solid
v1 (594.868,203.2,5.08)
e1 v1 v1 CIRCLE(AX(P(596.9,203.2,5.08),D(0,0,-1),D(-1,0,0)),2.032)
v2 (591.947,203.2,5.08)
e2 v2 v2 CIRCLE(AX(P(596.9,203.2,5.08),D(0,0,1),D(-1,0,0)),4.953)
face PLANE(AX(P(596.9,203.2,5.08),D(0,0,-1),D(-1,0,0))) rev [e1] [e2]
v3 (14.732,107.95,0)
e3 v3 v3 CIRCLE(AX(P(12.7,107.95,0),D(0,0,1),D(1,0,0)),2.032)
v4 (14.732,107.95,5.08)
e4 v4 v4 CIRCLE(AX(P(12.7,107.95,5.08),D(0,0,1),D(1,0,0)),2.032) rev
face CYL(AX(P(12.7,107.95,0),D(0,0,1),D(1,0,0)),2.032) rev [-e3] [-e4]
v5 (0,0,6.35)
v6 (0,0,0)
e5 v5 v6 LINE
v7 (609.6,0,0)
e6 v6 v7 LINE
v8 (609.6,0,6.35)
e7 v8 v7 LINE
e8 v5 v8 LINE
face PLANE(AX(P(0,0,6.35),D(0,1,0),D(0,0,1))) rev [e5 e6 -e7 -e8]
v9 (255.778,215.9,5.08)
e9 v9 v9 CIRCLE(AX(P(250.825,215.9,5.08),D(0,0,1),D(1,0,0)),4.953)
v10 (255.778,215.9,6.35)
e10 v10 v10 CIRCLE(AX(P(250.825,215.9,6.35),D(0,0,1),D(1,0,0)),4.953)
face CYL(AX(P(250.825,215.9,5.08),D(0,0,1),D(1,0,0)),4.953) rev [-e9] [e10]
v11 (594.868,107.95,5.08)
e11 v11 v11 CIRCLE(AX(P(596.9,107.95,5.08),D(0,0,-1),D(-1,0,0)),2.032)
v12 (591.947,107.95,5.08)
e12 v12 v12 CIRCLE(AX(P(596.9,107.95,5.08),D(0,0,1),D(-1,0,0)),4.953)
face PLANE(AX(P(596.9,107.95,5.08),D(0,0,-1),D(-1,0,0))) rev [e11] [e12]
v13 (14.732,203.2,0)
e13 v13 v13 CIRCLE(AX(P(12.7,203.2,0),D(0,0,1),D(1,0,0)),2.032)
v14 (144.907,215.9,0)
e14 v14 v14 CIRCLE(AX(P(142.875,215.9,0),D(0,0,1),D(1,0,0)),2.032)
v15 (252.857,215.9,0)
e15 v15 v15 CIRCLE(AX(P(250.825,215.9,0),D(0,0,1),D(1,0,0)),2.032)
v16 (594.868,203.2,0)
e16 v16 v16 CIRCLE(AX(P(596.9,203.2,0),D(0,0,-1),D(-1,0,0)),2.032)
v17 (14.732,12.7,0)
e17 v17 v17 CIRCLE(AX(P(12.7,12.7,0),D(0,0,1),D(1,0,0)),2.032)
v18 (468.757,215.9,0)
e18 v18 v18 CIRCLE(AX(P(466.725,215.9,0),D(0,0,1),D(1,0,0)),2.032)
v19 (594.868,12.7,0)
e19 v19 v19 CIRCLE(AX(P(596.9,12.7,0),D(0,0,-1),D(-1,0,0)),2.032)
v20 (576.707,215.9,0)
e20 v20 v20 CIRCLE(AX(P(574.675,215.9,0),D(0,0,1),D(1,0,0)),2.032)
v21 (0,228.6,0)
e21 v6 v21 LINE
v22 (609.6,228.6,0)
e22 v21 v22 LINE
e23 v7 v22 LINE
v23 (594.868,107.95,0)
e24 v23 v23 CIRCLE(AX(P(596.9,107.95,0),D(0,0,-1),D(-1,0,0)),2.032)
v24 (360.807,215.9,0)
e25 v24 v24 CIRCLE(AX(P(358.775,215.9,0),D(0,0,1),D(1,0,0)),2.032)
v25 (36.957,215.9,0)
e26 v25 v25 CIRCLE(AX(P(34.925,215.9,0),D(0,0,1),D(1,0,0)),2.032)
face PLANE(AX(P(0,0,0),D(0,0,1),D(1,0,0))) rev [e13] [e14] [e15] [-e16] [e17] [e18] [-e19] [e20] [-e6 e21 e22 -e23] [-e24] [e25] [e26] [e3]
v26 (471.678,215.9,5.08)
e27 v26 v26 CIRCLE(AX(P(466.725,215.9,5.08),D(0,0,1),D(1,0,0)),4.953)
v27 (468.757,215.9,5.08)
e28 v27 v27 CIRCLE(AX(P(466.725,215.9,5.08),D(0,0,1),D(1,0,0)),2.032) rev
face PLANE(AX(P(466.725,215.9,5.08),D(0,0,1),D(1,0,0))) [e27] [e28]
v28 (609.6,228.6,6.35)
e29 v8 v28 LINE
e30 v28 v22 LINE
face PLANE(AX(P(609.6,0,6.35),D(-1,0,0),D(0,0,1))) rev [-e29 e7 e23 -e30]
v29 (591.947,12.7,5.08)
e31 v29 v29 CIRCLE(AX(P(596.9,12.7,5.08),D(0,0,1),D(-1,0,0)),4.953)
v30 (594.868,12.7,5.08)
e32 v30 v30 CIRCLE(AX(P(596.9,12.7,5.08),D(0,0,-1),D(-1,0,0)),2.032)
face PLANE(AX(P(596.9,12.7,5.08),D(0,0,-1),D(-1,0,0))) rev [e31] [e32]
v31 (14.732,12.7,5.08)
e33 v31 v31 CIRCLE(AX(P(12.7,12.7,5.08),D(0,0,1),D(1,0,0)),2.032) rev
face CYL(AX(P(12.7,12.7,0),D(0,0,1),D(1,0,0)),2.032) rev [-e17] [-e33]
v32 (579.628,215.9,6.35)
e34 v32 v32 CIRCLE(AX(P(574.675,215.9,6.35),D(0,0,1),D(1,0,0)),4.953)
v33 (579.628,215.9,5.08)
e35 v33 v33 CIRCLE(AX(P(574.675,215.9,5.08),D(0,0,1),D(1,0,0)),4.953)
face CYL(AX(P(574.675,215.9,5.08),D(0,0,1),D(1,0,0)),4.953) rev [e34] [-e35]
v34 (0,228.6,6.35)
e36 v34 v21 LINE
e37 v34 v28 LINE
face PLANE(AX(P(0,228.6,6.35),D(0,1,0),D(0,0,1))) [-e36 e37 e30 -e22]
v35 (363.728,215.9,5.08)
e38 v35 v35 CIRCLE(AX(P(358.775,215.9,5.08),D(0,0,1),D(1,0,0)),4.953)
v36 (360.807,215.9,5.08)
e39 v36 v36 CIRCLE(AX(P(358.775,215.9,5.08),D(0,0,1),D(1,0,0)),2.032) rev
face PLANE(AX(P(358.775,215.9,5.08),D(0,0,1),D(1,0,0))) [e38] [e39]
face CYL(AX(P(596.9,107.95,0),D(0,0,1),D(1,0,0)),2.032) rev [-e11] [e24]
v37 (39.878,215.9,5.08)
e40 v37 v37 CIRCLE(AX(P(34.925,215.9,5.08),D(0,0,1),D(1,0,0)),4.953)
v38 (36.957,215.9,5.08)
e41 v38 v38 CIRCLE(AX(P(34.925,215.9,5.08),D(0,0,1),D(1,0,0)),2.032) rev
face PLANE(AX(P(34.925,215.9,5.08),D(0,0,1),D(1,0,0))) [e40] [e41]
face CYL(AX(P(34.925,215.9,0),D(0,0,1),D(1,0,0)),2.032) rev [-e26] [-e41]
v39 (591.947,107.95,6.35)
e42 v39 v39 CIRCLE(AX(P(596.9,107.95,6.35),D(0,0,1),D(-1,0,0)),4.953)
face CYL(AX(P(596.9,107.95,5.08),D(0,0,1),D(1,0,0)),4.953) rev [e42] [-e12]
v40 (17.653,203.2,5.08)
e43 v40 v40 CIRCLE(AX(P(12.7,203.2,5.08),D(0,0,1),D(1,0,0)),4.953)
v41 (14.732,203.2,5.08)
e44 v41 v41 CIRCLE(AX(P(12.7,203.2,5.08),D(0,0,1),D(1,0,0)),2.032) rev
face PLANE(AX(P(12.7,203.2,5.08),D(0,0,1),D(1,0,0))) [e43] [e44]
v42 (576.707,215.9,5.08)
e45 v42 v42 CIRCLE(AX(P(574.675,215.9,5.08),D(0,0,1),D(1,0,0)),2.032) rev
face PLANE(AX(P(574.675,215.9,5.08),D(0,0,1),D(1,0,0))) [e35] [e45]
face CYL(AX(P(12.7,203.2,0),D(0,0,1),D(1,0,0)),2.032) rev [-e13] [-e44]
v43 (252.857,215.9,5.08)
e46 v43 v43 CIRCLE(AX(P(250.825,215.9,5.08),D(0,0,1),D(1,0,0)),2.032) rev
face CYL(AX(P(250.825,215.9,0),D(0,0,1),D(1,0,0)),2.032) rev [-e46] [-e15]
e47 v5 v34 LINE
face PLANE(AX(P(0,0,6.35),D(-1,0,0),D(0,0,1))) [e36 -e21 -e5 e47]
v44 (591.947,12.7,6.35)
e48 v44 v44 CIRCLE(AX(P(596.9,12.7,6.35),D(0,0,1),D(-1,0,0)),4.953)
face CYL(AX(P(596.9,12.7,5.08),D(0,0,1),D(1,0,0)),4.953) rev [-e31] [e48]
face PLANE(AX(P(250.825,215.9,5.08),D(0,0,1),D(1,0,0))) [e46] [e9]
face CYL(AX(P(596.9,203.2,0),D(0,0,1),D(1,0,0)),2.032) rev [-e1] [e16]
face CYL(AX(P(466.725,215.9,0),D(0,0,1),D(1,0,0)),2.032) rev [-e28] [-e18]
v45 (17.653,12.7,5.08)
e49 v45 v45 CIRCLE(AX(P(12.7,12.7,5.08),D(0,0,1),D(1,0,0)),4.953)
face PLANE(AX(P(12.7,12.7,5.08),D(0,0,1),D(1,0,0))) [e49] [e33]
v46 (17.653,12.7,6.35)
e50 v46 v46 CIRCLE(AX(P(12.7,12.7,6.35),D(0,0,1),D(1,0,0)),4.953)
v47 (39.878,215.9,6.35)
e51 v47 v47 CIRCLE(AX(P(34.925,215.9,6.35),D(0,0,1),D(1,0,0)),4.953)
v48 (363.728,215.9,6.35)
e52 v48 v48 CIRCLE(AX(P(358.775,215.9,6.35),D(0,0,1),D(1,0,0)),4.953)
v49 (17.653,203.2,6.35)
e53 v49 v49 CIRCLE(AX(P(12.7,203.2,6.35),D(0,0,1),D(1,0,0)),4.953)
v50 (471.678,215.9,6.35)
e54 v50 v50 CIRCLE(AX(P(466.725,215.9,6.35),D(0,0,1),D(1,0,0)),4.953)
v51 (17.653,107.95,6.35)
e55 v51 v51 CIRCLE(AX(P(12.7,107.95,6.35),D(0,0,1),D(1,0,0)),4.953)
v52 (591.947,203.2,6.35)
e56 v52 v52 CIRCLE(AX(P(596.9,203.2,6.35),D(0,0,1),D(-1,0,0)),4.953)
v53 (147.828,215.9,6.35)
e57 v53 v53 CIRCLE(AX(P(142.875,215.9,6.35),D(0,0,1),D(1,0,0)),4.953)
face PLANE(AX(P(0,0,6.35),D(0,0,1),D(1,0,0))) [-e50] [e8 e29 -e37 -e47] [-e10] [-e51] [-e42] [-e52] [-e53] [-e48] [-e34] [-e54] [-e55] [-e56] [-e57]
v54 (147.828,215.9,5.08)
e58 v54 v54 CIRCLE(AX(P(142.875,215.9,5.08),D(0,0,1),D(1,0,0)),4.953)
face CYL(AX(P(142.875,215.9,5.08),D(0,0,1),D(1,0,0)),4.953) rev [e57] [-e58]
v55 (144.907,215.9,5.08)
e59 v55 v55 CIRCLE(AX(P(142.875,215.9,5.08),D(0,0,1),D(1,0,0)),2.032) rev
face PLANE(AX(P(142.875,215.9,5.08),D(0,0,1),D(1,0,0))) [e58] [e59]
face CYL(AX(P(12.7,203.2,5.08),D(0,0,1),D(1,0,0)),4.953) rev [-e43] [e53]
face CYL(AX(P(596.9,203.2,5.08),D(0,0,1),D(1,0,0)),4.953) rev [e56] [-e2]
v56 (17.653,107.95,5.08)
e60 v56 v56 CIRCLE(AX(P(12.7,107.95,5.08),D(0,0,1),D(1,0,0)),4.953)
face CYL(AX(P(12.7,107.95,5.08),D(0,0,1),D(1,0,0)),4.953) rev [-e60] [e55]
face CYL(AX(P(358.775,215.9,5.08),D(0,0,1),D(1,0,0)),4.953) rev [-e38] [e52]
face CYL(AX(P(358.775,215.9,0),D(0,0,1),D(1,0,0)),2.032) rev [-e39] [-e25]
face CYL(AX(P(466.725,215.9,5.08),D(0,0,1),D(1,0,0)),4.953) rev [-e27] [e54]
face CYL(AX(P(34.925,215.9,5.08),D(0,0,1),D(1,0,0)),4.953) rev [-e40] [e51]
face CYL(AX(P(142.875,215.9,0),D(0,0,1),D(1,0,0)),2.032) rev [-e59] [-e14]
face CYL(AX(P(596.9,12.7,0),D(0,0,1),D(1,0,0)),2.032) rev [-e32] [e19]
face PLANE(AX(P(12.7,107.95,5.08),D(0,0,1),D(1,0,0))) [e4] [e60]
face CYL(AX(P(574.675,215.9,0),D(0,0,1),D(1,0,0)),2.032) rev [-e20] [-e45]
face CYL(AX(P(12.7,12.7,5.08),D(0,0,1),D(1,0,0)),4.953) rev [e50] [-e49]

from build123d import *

# Parameters (mm, degrees)
SKETCH1_W           = 609.6
SKETCH1_H           = 228.6
BOSS_EXTRUDE1_DEPTH = 6.35
SKETCH2_R           = 2.032
CUT_EXTRUDE4_DEPTH  = 7.35
SKETCH3_R           = 4.953
CUT_EXTRUDE6_DEPTH  = 1.27
SKETCH4_R           = 2.032
CUT_EXTRUDE7_DEPTH  = 7.35
SKETCH5_R           = 4.953
CUT_EXTRUDE8_DEPTH  = 1.27


with BuildPart() as part:
    # Sketch1 → Boss-Extrude1 (new body)
    with BuildSketch(Plane.XY):
        with Locations((304.8, 114.3)):
            Rectangle(SKETCH1_W, SKETCH1_H)
    extrude(amount=BOSS_EXTRUDE1_DEPTH)

    # Sketch2 → Cut-Extrude4 (cut, through all)
    with BuildSketch(Plane.XY.offset(6.35)):
        with Locations((12.7, 203.2)):
            Circle(SKETCH2_R)
        with Locations((12.7, 107.95)):
            Circle(SKETCH2_R)
        with Locations((12.7, 12.7)):
            Circle(SKETCH2_R)
        with Locations((596.9, 12.7)):
            Circle(SKETCH2_R)
        with Locations((596.9, 107.95)):
            Circle(SKETCH2_R)
        with Locations((596.9, 203.2)):
            Circle(SKETCH2_R)
    extrude(amount=-CUT_EXTRUDE4_DEPTH, mode=Mode.SUBTRACT)

    # Sketch3 → Cut-Extrude6 (cut)
    with BuildSketch(Plane.XY.offset(6.35)):
        with Locations((12.7, 203.2)):
            Circle(SKETCH3_R)
        with Locations((12.7, 107.95)):
            Circle(SKETCH3_R)
        with Locations((12.7, 12.7)):
            Circle(SKETCH3_R)
        with Locations((596.9, 12.7)):
            Circle(SKETCH3_R)
        with Locations((596.9, 107.95)):
            Circle(SKETCH3_R)
        with Locations((596.9, 203.2)):
            Circle(SKETCH3_R)
    extrude(amount=-CUT_EXTRUDE6_DEPTH, mode=Mode.SUBTRACT)

    # Sketch4 → Cut-Extrude7 (cut, through all)
    with BuildSketch(Plane.XY.offset(6.35)):
        with Locations((34.925, 215.9)):
            Circle(SKETCH4_R)
        with Locations((142.875, 215.9)):
            Circle(SKETCH4_R)
        with Locations((250.825, 215.9)):
            Circle(SKETCH4_R)
        with Locations((358.775, 215.9)):
            Circle(SKETCH4_R)
        with Locations((466.725, 215.9)):
            Circle(SKETCH4_R)
        with Locations((574.675, 215.9)):
            Circle(SKETCH4_R)
    extrude(amount=-CUT_EXTRUDE7_DEPTH, mode=Mode.SUBTRACT)

    # Sketch5 → Cut-Extrude8 (cut)
    with BuildSketch(Plane.XY.offset(6.35)):
        with Locations((34.925, 215.9)):
            Circle(SKETCH5_R)
        with Locations((142.875, 215.9)):
            Circle(SKETCH5_R)
        with Locations((250.825, 215.9)):
            Circle(SKETCH5_R)
        with Locations((358.775, 215.9)):
            Circle(SKETCH5_R)
        with Locations((466.725, 215.9)):
            Circle(SKETCH5_R)
        with Locations((574.675, 215.9)):
            Circle(SKETCH5_R)
    extrude(amount=-CUT_EXTRUDE8_DEPTH, mode=Mode.SUBTRACT)


solid = part.part
